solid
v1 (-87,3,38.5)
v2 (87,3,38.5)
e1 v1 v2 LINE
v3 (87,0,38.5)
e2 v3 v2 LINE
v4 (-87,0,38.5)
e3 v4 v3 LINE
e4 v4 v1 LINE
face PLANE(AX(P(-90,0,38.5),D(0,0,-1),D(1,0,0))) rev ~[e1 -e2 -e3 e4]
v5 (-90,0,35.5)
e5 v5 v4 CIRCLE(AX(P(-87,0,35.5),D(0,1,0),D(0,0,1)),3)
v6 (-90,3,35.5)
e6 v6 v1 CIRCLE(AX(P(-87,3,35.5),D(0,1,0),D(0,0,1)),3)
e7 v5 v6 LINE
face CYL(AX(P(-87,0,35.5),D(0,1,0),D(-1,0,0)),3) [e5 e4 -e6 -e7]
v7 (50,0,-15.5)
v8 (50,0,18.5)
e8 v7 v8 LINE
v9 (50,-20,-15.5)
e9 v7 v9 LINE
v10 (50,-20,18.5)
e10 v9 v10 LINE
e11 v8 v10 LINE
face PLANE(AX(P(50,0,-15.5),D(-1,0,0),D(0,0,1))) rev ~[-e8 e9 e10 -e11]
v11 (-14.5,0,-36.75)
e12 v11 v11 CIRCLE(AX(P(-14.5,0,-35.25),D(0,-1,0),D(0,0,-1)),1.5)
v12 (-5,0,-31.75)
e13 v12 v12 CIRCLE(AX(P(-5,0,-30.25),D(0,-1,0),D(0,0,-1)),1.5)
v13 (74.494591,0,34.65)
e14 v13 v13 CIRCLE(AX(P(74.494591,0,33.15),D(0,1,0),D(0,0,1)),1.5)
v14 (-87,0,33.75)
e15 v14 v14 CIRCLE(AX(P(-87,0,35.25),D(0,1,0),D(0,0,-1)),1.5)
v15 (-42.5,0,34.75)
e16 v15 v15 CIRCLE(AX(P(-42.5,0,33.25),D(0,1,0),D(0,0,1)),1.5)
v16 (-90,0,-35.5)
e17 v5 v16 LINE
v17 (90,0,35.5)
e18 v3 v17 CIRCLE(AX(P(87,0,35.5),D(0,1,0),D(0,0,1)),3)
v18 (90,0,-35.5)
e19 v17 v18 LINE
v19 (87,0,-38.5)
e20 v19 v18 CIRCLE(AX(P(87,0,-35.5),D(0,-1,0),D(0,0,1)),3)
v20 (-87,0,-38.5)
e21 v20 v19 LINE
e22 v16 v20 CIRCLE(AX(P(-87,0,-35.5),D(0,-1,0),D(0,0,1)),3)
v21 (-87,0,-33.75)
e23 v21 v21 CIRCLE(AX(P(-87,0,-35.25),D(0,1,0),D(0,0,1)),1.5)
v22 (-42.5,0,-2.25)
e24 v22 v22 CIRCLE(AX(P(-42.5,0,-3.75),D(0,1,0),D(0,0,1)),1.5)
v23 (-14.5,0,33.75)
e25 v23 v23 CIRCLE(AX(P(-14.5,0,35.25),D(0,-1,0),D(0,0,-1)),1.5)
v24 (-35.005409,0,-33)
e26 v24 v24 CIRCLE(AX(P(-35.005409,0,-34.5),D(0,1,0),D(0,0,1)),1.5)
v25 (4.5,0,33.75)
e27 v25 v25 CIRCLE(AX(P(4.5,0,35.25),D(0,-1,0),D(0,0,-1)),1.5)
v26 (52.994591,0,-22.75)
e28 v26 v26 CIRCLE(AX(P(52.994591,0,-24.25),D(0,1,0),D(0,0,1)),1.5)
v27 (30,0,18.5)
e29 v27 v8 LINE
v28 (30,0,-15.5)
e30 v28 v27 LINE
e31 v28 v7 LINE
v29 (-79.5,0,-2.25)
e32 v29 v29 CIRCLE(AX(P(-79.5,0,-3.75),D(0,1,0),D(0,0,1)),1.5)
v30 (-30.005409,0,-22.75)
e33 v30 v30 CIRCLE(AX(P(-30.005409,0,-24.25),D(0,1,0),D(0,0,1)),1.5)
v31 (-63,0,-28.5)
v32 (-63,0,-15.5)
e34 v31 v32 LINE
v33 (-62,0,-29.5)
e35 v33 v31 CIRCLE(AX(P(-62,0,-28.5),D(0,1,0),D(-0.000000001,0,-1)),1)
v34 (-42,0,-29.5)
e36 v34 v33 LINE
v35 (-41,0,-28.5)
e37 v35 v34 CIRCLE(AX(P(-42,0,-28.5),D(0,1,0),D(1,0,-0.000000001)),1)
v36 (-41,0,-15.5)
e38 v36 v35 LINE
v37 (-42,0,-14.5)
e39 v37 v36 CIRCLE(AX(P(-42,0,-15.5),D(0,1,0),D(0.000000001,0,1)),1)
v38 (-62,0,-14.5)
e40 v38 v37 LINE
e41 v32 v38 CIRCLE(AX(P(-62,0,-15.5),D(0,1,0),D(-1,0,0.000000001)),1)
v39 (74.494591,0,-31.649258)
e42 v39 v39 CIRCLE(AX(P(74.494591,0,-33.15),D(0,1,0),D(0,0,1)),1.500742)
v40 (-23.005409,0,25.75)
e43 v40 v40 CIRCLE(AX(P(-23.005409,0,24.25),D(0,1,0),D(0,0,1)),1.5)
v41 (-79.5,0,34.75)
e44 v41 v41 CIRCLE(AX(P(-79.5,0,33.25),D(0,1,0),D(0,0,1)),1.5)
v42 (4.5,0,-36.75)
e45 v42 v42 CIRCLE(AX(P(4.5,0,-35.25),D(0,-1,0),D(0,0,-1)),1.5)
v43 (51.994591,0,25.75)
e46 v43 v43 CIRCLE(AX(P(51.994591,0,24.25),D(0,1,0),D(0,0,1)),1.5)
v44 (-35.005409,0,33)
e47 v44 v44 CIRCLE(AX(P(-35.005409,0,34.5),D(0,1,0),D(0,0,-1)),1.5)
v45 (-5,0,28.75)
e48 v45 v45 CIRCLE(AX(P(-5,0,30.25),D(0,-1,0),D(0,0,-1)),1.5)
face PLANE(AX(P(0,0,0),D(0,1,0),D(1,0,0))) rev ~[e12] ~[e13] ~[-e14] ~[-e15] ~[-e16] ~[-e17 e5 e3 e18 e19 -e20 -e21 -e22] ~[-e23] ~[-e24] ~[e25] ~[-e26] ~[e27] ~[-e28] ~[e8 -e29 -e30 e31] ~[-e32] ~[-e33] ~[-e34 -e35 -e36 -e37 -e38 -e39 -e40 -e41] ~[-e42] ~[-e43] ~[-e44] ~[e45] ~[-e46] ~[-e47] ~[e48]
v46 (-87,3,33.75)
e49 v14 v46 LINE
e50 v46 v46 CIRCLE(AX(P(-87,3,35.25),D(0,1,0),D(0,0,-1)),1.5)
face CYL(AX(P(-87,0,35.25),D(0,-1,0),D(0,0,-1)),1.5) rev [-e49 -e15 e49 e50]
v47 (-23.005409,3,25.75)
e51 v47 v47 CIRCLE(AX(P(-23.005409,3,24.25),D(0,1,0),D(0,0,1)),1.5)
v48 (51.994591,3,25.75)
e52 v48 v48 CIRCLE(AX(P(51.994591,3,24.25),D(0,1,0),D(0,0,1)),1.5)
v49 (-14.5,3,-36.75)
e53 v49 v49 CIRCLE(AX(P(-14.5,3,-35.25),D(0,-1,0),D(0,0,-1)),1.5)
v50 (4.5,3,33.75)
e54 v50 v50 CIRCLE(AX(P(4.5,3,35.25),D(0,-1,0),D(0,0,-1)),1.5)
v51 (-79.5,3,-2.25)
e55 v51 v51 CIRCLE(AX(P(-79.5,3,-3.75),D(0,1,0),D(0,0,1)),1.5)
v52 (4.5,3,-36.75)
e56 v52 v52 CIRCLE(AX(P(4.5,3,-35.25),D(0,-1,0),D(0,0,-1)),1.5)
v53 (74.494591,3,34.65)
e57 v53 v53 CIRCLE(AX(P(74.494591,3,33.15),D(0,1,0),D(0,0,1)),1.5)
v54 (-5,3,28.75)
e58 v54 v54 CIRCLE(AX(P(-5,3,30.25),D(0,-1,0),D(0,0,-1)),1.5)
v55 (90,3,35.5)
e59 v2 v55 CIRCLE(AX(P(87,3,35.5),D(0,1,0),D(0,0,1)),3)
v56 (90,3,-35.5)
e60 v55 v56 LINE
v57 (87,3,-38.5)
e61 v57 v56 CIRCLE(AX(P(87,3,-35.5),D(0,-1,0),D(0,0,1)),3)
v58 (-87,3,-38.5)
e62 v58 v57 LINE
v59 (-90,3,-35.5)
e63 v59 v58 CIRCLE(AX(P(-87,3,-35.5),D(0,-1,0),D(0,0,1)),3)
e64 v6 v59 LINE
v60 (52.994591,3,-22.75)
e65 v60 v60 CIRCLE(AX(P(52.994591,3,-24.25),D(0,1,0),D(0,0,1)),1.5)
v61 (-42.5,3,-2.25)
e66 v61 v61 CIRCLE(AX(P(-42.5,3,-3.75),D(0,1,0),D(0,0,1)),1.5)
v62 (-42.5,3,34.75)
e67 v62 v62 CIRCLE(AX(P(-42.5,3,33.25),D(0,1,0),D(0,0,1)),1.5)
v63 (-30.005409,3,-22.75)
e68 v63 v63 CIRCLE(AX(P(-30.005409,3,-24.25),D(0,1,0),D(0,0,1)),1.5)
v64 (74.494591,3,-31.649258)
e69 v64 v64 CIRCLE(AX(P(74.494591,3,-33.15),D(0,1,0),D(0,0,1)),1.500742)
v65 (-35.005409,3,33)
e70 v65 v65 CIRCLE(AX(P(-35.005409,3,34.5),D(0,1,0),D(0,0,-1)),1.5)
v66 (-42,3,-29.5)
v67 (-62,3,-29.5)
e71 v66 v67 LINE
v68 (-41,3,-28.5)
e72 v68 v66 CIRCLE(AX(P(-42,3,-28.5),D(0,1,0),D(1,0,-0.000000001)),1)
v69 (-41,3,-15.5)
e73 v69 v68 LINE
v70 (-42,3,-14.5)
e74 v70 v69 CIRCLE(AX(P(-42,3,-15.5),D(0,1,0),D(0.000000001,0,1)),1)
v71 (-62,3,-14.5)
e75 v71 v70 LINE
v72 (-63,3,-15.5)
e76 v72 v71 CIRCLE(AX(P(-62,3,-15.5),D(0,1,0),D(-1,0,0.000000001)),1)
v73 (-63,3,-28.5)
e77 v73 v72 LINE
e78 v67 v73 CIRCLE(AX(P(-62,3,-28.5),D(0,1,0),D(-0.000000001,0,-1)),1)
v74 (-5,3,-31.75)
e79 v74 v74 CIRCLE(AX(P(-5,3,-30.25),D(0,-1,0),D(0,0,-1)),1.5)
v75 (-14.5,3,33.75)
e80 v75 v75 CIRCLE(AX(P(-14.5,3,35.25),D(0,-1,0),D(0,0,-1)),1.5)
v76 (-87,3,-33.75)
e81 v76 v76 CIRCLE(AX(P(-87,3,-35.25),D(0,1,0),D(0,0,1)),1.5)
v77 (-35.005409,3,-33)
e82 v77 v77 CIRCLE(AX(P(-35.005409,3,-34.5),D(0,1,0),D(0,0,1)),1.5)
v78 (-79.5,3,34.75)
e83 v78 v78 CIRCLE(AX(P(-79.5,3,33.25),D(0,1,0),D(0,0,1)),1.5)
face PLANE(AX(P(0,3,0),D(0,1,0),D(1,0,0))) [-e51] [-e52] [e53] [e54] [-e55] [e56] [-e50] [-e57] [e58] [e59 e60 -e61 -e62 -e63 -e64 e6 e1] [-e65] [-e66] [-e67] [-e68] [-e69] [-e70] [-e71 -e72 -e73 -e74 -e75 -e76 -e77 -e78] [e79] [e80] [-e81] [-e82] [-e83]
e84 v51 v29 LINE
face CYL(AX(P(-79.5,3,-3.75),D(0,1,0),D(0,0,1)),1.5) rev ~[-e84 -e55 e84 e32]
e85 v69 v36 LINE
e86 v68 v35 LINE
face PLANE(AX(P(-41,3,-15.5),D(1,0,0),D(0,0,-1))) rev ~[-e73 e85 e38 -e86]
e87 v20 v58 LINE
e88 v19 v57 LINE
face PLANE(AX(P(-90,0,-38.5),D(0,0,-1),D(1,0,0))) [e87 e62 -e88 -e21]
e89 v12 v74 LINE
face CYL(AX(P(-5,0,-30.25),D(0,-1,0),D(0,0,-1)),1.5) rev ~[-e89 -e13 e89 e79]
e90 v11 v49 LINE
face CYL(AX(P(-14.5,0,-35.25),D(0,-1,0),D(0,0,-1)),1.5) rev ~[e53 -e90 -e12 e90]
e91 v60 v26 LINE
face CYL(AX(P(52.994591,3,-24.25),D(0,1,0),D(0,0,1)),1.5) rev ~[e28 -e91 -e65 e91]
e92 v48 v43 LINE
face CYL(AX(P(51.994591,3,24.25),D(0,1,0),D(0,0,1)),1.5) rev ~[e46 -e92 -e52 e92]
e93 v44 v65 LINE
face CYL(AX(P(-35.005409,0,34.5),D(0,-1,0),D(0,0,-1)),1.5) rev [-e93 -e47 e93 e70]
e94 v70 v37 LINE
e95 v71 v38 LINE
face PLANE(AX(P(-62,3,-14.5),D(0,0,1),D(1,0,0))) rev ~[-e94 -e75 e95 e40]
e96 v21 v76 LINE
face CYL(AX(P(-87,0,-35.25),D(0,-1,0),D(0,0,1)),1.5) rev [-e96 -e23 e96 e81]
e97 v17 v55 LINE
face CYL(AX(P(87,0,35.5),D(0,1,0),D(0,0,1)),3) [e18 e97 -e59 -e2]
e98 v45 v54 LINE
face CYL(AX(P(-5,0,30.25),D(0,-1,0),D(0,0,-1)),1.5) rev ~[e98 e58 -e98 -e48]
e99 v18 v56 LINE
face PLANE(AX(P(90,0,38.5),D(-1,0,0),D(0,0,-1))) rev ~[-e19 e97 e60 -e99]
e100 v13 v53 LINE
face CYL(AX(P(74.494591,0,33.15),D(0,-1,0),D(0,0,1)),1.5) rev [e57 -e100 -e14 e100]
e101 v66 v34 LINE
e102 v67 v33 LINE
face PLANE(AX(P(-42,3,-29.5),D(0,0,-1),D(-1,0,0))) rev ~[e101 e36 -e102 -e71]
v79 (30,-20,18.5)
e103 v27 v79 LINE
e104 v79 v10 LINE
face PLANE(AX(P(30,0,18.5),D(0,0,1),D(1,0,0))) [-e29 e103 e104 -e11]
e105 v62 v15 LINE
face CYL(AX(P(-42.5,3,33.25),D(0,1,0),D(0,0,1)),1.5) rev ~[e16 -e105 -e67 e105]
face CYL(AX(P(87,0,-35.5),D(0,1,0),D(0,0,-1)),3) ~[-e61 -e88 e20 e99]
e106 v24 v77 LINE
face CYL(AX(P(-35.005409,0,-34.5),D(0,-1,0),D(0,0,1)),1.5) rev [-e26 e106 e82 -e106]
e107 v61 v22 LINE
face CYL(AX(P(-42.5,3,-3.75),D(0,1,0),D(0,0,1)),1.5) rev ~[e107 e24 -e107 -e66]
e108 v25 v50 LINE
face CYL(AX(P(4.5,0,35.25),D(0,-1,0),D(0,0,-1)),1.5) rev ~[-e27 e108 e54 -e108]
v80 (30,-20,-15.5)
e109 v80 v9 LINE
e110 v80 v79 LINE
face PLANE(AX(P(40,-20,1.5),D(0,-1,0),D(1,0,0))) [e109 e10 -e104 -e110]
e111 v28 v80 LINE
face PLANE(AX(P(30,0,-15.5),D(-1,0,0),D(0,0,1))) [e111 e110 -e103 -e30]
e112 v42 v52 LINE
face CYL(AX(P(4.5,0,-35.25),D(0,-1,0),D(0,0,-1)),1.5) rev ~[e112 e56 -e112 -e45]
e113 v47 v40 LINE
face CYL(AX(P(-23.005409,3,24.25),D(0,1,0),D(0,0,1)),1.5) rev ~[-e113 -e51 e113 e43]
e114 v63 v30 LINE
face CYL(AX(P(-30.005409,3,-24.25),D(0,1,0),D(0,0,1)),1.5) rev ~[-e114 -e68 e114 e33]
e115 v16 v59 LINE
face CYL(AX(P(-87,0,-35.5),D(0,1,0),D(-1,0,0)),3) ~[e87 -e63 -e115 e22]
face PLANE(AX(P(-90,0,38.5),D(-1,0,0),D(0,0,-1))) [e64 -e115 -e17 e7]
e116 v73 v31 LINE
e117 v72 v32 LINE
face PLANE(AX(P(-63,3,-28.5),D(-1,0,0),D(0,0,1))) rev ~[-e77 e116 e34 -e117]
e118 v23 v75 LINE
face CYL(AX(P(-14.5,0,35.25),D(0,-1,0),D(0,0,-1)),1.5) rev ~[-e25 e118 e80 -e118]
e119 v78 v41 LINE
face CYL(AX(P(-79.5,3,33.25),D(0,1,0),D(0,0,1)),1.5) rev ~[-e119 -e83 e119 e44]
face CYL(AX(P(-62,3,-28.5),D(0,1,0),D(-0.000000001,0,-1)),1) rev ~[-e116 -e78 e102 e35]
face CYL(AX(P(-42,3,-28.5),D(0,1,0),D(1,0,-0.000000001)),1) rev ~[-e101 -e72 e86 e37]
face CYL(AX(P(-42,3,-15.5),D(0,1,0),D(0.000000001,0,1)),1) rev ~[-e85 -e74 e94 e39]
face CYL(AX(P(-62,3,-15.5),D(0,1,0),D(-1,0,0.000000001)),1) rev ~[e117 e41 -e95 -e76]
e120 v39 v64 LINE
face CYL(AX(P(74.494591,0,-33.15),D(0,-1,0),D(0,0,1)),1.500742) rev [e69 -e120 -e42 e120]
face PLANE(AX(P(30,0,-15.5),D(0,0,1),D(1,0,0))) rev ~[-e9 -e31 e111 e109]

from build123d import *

# Parameters (mm, degrees)
SKETCH1_W           = 180
SKETCH1_H           = 77
SKETCH1_R           = 1.5
SKETCH1_R_2         = 1.500742376
BOSS_EXTRUDE1_DEPTH = 3
FILLET1_R           = 3
CUT_EXTRUDE1_DEPTH  = 3
SKETCH3_R           = 1.5
CUT_EXTRUDE2_DEPTH  = 3
SKETCH4_R           = 1.5
CUT_EXTRUDE3_DEPTH  = 3
SKETCH5_W           = 20
SKETCH5_H           = 34
BOSS_EXTRUDE2_DEPTH = 20
SKETCH6_R           = 1.5
CUT_EXTRUDE4_DEPTH  = 3


with BuildPart() as part:
    # Sketch1 → Boss-Extrude1 (new body)
    with BuildSketch(Plane(origin=(0, 0, 0), x_dir=(1, 0, 0), z_dir=(0, 1, 0))):
        Rectangle(SKETCH1_W, SKETCH1_H)
        with Locations(Location((-87, 35.25, 0), (0, 0, 270))):
            Circle(SKETCH1_R, mode=Mode.SUBTRACT)
        with Locations(Location((-87, -35.25, 0), (0, 0, 90))):
            Circle(SKETCH1_R, mode=Mode.SUBTRACT)
        with Locations(Location((-35.005408935, 34.5, 0), (0, 0, 270))):
            Circle(SKETCH1_R, mode=Mode.SUBTRACT)
        with Locations(Location((-35.005408935, -34.5, 0), (0, 0, 90))):
            Circle(SKETCH1_R, mode=Mode.SUBTRACT)
        with Locations(Location((74.494591065, 33.15, 0), (0, 0, 270))):
            Circle(SKETCH1_R_2, mode=Mode.SUBTRACT)
        with Locations(Location((74.494591065, -33.15, 0), (0, 0, 270))):
            Circle(SKETCH1_R, mode=Mode.SUBTRACT)
    extrude(amount=BOSS_EXTRUDE1_DEPTH)

    # Fillet1
    fillet1_edges = [part.edges().sort_by_distance(p)[0] for p in [
        (90, 1.5, 38.5),
        (-90, 1.5, 38.5),
        (-90, 1.5, -38.5),
        (90, 1.5, -38.5),
    ]]
    fillet(fillet1_edges, radius=FILLET1_R)

    # Sketch2 → Cut-Extrude1 (cut)
    with BuildSketch(Plane(origin=(0, 3, 0), x_dir=(1, 0, 0), z_dir=(0, 1, 0))):
        with BuildLine():
            Line((-62, 14.5), (-42, 14.5))
            ThreePointArc((-42, 14.5), (-41.292893219, 14.792893219), (-41, 15.5))
            Line((-41, 15.5), (-41, 28.5))
            ThreePointArc((-41, 28.5), (-41.292893219, 29.207106781), (-42, 29.5))
            Line((-42, 29.5), (-62, 29.5))
            ThreePointArc((-62, 29.5), (-62.707106781, 29.207106781), (-63, 28.5))
            Line((-63, 28.5), (-63, 15.5))
            ThreePointArc((-63, 15.5), (-62.707106781, 14.792893219), (-62, 14.5))
        make_face()
    extrude(amount=-CUT_EXTRUDE1_DEPTH, mode=Mode.SUBTRACT)

    # Sketch3 → Cut-Extrude2 (cut)
    with BuildSketch(Plane(origin=(0, 3, 0), x_dir=(1, 0, 0), z_dir=(0, 1, 0))):
        with Locations(Location((-79.5, 3.75, 0), (0, 0, 270))):
            Circle(SKETCH3_R)
        with Locations(Location((-42.5, 3.75, 0), (0, 0, 270))):
            Circle(SKETCH3_R)
        with Locations(Location((-42.5, -33.25, 0), (0, 0, 270))):
            Circle(SKETCH3_R)
        with Locations(Location((-79.5, -33.25, 0), (0, 0, 270))):
            Circle(SKETCH3_R)
    extrude(amount=-CUT_EXTRUDE2_DEPTH, mode=Mode.SUBTRACT)

    # Sketch4 → Cut-Extrude3 (cut)
    with BuildSketch(Plane(origin=(0, 3, 0), x_dir=(1, 0, 0), z_dir=(0, 1, 0))):
        with Locations(Location((-30.005408935, 24.25, 0), (0, 0, 270))):
            Circle(SKETCH4_R)
        with Locations(Location((52.994591065, 24.25, 0), (0, 0, 270))):
            Circle(SKETCH4_R)
        with Locations(Location((51.994591065, -24.25, 0), (0, 0, 270))):
            Circle(SKETCH4_R)
        with Locations(Location((-23.005408935, -24.25, 0), (0, 0, 270))):
            Circle(SKETCH4_R)
    extrude(amount=-CUT_EXTRUDE3_DEPTH, mode=Mode.SUBTRACT)

    # Sketch5 → Boss-Extrude2 (add)
    with BuildSketch(Plane.XZ):
        with Locations((40, 1.5)):
            Rectangle(SKETCH5_W, SKETCH5_H)
    extrude(amount=BOSS_EXTRUDE2_DEPTH)

    # Sketch6 → Cut-Extrude4 (cut)
    with BuildSketch(Plane.XZ):
        with Locations(Location((-14.5, -35.25, 0), (0, 0, 270))):
            Circle(SKETCH6_R)
        with Locations(Location((4.5, -35.25, 0), (0, 0, 270))):
            Circle(SKETCH6_R)
        with Locations(Location((4.5, 35.25, 0), (0, 0, 270))):
            Circle(SKETCH6_R)
        with Locations(Location((-14.5, 35.25, 0), (0, 0, 270))):
            Circle(SKETCH6_R)
        with Locations(Location((-5, -30.25, 0), (0, 0, 270))):
            Circle(SKETCH6_R)
        with Locations(Location((-5, 30.25, 0), (0, 0, 270))):
            Circle(SKETCH6_R)
    extrude(amount=-CUT_EXTRUDE4_DEPTH, mode=Mode.SUBTRACT)


solid = part.part
